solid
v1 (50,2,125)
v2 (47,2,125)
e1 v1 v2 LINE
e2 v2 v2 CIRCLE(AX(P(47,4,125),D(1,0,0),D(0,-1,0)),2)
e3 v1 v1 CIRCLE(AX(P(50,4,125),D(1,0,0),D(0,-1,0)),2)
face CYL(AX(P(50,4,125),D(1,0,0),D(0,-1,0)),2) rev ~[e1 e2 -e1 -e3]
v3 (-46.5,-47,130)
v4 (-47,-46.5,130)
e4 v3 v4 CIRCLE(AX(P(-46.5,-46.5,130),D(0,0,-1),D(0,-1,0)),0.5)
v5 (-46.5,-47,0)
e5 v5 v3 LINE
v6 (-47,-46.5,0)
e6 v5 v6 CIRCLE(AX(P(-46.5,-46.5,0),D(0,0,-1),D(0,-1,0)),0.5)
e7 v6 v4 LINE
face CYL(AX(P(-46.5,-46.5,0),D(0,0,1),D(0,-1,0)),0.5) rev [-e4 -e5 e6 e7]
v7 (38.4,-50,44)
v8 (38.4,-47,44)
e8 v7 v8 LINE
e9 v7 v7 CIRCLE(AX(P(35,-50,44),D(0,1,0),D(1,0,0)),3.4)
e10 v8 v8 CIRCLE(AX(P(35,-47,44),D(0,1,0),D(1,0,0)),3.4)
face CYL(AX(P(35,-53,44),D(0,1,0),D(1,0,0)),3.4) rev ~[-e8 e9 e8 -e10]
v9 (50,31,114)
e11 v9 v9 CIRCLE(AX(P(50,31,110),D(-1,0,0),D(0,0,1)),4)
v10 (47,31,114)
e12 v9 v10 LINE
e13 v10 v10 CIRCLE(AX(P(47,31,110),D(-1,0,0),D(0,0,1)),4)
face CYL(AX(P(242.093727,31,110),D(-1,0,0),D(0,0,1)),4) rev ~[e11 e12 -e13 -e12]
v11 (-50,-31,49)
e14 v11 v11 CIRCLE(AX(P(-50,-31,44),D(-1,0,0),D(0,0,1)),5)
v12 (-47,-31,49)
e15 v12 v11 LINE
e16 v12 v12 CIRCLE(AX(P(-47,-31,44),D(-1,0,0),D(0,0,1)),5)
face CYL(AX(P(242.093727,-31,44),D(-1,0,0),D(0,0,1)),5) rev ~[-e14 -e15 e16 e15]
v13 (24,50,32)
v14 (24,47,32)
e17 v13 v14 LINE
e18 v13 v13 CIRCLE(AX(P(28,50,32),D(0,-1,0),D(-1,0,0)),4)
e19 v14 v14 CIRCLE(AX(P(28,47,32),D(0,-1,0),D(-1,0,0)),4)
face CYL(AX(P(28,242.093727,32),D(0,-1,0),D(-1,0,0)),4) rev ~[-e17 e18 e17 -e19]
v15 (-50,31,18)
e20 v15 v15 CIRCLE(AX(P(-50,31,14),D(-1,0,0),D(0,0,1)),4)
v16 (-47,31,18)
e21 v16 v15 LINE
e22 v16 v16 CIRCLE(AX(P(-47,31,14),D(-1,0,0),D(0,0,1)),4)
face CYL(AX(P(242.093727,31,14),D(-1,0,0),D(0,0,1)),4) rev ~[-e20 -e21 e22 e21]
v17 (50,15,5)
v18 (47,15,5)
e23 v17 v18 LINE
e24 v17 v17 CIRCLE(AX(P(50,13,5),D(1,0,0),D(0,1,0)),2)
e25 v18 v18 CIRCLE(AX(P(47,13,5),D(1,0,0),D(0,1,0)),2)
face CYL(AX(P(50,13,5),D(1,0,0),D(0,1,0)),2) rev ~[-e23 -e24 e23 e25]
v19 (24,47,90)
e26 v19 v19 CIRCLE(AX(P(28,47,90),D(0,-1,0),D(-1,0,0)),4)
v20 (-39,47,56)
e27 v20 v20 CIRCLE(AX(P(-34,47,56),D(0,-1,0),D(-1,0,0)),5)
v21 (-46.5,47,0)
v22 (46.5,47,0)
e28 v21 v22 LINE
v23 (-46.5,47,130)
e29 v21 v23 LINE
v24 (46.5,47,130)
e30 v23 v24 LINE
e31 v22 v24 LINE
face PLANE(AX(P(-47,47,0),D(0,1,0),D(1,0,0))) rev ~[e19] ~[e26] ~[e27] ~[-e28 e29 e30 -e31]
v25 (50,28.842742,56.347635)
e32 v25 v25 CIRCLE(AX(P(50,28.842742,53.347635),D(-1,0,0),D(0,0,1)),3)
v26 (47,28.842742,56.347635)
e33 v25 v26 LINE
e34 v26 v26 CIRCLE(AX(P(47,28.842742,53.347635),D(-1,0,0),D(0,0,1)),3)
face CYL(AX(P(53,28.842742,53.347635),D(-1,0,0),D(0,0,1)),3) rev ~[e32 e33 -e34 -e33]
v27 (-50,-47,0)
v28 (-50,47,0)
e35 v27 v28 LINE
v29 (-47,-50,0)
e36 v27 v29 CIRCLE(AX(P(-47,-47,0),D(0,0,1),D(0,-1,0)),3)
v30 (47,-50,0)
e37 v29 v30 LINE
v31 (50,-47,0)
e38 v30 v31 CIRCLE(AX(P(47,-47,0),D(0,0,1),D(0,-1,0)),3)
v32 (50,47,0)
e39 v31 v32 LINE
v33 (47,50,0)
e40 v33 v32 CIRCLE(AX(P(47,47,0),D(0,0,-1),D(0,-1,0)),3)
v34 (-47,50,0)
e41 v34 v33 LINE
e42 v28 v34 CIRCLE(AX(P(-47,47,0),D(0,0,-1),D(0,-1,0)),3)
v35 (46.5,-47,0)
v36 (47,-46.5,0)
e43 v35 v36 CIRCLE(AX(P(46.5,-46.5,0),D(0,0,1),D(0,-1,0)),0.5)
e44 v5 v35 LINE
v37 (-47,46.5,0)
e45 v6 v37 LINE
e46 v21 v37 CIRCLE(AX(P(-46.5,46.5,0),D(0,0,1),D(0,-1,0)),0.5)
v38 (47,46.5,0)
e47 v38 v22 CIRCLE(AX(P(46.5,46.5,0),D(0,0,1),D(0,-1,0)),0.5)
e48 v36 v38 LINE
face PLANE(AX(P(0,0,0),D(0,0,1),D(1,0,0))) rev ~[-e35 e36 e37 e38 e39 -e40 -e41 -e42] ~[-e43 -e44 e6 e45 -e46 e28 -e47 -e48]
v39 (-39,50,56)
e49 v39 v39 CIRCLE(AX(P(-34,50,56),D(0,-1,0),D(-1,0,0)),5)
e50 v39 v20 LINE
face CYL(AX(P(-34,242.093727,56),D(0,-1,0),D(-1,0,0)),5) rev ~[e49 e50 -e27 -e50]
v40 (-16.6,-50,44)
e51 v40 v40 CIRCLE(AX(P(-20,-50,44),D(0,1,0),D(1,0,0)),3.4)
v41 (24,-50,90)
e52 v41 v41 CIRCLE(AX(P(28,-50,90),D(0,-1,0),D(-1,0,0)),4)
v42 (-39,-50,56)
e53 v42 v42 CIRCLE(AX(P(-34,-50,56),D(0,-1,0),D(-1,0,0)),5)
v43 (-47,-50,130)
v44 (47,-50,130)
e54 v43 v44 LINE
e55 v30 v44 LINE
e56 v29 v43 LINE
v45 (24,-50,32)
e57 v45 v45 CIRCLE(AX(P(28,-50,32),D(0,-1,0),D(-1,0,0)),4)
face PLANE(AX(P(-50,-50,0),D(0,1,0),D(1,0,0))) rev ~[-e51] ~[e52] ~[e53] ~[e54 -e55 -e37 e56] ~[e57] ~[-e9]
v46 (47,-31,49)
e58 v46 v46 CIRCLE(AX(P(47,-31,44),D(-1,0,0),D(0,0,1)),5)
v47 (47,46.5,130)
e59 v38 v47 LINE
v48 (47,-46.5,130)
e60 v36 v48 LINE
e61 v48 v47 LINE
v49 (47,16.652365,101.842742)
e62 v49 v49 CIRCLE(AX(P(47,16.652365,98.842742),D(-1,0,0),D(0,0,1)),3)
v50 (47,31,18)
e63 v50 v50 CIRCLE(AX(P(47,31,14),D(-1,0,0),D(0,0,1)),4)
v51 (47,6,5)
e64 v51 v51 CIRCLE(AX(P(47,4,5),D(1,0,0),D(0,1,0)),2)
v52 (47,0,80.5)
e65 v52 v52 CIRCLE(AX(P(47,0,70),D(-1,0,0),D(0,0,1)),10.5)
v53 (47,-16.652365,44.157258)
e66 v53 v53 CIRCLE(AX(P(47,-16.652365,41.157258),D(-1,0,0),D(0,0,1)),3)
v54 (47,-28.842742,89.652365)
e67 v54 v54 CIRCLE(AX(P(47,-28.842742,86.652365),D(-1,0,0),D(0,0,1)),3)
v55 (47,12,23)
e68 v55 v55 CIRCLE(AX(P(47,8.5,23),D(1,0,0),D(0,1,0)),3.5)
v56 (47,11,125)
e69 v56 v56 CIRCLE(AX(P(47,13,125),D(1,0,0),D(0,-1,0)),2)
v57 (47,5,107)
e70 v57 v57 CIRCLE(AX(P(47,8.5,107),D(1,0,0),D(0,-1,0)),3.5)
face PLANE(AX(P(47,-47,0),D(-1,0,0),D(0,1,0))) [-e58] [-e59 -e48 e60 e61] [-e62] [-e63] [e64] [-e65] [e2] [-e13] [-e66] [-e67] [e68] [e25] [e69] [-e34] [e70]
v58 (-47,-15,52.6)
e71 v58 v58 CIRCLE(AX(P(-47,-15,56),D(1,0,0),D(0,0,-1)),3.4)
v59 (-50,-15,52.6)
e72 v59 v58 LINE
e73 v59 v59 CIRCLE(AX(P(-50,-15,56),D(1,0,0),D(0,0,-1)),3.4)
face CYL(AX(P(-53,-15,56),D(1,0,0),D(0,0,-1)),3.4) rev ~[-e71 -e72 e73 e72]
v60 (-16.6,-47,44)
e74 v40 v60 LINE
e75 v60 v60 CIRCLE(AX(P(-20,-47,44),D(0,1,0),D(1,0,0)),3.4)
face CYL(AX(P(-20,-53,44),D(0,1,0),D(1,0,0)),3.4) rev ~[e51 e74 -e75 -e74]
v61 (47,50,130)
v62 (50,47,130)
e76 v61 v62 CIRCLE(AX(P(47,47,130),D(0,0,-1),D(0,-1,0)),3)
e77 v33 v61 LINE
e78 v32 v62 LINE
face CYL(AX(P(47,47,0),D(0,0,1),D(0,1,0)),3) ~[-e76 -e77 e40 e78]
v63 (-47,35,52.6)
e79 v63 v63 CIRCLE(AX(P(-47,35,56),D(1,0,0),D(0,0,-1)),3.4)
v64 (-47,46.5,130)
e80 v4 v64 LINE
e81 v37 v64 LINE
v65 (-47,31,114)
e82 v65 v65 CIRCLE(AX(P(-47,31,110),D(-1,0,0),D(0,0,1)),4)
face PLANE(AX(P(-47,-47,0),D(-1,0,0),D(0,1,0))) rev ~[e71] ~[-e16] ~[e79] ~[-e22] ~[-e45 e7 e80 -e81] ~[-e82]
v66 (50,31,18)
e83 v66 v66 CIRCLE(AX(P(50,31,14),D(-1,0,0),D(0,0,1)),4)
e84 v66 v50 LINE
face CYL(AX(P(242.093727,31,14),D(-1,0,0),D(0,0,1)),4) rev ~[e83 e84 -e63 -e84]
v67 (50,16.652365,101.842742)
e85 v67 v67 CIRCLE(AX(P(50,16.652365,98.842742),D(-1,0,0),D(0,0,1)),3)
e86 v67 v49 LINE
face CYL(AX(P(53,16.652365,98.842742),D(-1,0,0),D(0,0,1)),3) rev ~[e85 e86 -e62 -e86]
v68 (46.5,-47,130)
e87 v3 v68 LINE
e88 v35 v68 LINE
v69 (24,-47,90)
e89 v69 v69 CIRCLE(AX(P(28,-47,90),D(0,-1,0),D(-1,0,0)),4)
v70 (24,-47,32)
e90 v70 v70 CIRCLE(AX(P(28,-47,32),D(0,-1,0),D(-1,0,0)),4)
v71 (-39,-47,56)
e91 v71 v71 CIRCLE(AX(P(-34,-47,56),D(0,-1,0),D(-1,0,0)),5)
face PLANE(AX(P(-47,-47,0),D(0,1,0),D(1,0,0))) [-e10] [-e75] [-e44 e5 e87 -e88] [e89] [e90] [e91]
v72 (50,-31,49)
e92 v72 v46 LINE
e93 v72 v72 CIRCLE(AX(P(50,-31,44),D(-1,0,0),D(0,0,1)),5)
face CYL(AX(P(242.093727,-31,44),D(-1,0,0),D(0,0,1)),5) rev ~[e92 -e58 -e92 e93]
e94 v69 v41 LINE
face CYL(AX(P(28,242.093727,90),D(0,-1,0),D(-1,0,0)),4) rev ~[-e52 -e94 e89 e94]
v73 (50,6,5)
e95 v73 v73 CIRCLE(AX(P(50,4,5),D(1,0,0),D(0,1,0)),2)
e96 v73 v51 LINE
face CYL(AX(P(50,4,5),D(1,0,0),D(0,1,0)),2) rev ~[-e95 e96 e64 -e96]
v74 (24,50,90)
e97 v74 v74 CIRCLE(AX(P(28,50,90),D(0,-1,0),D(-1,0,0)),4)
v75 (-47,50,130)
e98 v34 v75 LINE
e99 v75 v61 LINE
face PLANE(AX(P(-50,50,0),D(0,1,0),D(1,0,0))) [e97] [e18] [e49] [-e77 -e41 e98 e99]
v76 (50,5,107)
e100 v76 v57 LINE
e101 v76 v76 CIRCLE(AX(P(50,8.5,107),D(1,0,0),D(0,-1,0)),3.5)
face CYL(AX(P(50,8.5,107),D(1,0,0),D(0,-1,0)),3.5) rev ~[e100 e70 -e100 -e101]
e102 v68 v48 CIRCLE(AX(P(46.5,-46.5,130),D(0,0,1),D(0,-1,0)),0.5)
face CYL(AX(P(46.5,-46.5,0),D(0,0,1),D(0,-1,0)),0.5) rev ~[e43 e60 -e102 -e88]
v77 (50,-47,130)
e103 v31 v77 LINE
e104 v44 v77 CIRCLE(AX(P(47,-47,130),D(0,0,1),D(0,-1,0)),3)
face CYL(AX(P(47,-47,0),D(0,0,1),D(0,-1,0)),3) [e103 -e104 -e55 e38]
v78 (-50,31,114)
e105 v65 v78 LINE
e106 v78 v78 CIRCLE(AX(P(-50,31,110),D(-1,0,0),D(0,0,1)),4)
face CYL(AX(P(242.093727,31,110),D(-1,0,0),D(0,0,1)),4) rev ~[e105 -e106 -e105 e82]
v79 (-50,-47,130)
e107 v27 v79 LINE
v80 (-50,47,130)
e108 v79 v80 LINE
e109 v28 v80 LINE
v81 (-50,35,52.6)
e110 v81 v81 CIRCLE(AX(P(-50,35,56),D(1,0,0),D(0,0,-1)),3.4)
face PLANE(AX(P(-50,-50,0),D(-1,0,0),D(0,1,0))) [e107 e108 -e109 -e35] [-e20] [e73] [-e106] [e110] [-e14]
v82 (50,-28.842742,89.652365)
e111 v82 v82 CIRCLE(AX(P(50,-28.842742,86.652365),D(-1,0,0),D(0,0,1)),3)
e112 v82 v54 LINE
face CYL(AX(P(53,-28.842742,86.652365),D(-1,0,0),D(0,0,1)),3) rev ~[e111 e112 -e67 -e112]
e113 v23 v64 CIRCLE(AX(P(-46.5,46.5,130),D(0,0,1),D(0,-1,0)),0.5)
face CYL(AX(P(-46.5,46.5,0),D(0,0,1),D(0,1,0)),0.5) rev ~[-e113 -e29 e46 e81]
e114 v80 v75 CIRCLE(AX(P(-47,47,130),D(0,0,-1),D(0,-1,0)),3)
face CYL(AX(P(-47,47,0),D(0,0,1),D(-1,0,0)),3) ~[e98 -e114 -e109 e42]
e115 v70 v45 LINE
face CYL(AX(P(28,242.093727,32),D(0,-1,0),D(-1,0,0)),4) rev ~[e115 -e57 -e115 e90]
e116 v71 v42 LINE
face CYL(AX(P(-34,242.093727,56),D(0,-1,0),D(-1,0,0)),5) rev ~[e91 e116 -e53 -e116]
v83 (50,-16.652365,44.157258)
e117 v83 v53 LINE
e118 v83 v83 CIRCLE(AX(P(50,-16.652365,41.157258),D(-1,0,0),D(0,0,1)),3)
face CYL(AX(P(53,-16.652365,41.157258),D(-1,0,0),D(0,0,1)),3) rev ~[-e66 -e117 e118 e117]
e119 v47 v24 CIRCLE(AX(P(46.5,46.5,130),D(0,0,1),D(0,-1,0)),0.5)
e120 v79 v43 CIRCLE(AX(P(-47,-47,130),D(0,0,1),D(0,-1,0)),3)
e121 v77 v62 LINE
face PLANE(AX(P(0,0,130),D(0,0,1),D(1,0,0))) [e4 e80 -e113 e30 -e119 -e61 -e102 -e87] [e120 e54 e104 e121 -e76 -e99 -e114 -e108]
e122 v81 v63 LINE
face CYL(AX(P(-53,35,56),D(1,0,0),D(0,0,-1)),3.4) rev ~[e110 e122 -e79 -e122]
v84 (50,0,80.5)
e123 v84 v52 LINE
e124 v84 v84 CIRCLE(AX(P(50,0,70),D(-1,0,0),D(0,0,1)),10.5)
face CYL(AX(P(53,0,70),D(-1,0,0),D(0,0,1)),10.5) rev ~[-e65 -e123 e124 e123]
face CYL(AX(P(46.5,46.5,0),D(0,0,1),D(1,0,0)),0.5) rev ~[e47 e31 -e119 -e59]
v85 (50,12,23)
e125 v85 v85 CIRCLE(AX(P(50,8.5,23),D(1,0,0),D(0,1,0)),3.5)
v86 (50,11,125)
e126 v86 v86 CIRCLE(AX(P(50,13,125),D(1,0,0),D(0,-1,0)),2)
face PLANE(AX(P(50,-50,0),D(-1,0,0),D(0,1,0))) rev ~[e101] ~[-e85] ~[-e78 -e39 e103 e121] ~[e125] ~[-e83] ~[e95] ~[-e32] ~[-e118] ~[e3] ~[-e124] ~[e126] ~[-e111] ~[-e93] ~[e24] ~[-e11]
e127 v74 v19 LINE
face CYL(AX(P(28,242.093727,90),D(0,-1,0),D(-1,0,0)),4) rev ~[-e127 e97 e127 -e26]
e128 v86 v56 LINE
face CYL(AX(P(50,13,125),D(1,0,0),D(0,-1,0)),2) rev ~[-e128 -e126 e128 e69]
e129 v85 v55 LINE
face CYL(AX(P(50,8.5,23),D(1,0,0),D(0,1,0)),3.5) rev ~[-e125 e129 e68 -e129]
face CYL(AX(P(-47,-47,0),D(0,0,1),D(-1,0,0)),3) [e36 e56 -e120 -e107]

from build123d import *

# Parameters (mm, degrees)
SKETCH1_W                      = 100
SKETCH1_H                      = 100
SKETCH1_W_2                    = 94
SKETCH1_H_2                    = 94
EXTRUDE_THIN1_DEPTH            = 130
FILLET1_R                      = 0.5
FILLET2_R                      = 3
F_8_0_8_DIAMETER_HOLE2_D       = 8
F_8_0_8_DIAMETER_HOLE3_D       = 8
F_10_0_10_DIAMETER_HOLE1_D     = 10
F_10_0_10_DIAMETER_HOLE2_D     = 10
M8X1_25_TAPPED_HOLE1_D         = 6.8
M8X1_25_TAPPED_HOLE1_DEPTH     = 3
M8X1_25_TAPPED_HOLE2_D         = 6.8
M8X1_25_TAPPED_HOLE2_DEPTH     = 3
F_21_0_21_DIAMETER_HOLE1_D     = 21
F_21_0_21_DIAMETER_HOLE1_DEPTH = 3
F_6_0_6_DIAMETER_HOLE1_D       = 6
F_6_0_6_DIAMETER_HOLE1_DEPTH   = 3
CUT_EXTRUDE1_REACH             = 173.464
SKETCH27_R                     = 2
SKETCH27_R_2                   = 3.5


with BuildPart() as part:
    # Sketch1 → Extrude-Thin1 (new body)
    with BuildSketch(Plane.XY):
        Rectangle(SKETCH1_W, SKETCH1_H)
        Rectangle(SKETCH1_W_2, SKETCH1_H_2, mode=Mode.SUBTRACT)
    extrude(amount=EXTRUDE_THIN1_DEPTH)

    # Fillet1
    fillet1_edges = [part.edges().sort_by_distance(p)[0] for p in [
        (47, -47, 65),
        (47, 47, 65),
        (-47, 47, 65),
        (-47, -47, 65),
    ]]
    fillet(fillet1_edges, radius=FILLET1_R)

    # Fillet2
    fillet2_edges = [part.edges().sort_by_distance(p)[0] for p in [
        (50, -50, 65),
        (-50, -50, 65),
        (-50, 50, 65),
        (50, 50, 65),
    ]]
    fillet(fillet2_edges, radius=FILLET2_R)

    # Ø8.0 (8) Diameter Hole2 (through all)
    with Locations(Plane(origin=(0, 50, 0), x_dir=(1, 0, 0), z_dir=(0, 1, 0))):
        with Locations((28, -32), (28, -90)):
            Hole(F_8_0_8_DIAMETER_HOLE2_D / 2)

    # Ø8.0 (8) Diameter Hole3 (through all)
    with Locations(Plane(origin=(50, 0, 0), x_dir=(0, 0, -1), z_dir=(1, 0, 0))):
        with Locations((-14, 31), (-110, 31)):
            Hole(F_8_0_8_DIAMETER_HOLE3_D / 2)

    # Ø10.0 (10) Diameter Hole1 (through all)
    with Locations(Plane(origin=(0, 50, 0), x_dir=(1, 0, 0), z_dir=(0, 1, 0))):
        with Locations((-34, -56)):
            Hole(F_10_0_10_DIAMETER_HOLE1_D / 2)

    # Ø10.0 (10) Diameter Hole2 (through all)
    with Locations(Plane(origin=(50, 0, 0), x_dir=(0, 0, -1), z_dir=(1, 0, 0))):
        with Locations((-44, -31)):
            Hole(F_10_0_10_DIAMETER_HOLE2_D / 2)

    # M8x1.25 Tapped Hole1
    with Locations(Plane.ZY.offset(50)):
        with Locations((56, -15), (56, 35)):
            Hole(M8X1_25_TAPPED_HOLE1_D / 2, depth=M8X1_25_TAPPED_HOLE1_DEPTH)

    # M8x1.25 Tapped Hole2
    with Locations(Plane(origin=(0, -50, 0), x_dir=(-1, 0, 0), z_dir=(0, -1, 0))):
        with Locations((20, -44), (-35, -44)):
            Hole(M8X1_25_TAPPED_HOLE2_D / 2, depth=M8X1_25_TAPPED_HOLE2_DEPTH)

    # Ø21.0 (21) Diameter Hole1
    with Locations(Plane(origin=(50, 0, 0), x_dir=(0, 0, -1), z_dir=(1, 0, 0))):
        with Locations((-70, 0)):
            Hole(F_21_0_21_DIAMETER_HOLE1_D / 2, depth=F_21_0_21_DIAMETER_HOLE1_DEPTH)

    # Ø6.0 (6) Diameter Hole1
    with Locations(Plane(origin=(50, 0, 0), x_dir=(0, 0, -1), z_dir=(1, 0, 0))):
        with Locations((-41.157258279, -16.652364697), (-53.347635303, 28.842741721), (-98.842741721, 16.652364697), (-86.652364697, -28.842741721)):
            Hole(F_6_0_6_DIAMETER_HOLE1_D / 2, depth=F_6_0_6_DIAMETER_HOLE1_DEPTH)

    # Sketch27 → Cut-Extrude1 (cut, up to next)
    with BuildSketch(Plane(origin=(50, 0, 0), x_dir=(0, 0, -1), z_dir=(1, 0, 0)), mode=Mode.PRIVATE) as cut_extrude1_sk1:
        with Locations(Location((-5, 13, 0), (0, 0, 90))):
            Circle(SKETCH27_R)
    cut_extrude1_tool1 = extrude(cut_extrude1_sk1.sketch, amount=-CUT_EXTRUDE1_REACH, mode=Mode.PRIVATE) & part.part
    # Sketch27 → Cut-Extrude1 (cut, up to next)
    with BuildSketch(Plane(origin=(50, 0, 0), x_dir=(0, 0, -1), z_dir=(1, 0, 0)), mode=Mode.PRIVATE) as cut_extrude1_sk2:
        with Locations(Location((-5, 4, 0), (0, 0, 90))):
            Circle(SKETCH27_R)
    cut_extrude1_tool2 = extrude(cut_extrude1_sk2.sketch, amount=-CUT_EXTRUDE1_REACH, mode=Mode.PRIVATE) & part.part
    # Sketch27 → Cut-Extrude1 (cut, up to next)
    with BuildSketch(Plane(origin=(50, 0, 0), x_dir=(0, 0, -1), z_dir=(1, 0, 0)), mode=Mode.PRIVATE) as cut_extrude1_sk3:
        with Locations(Location((-23, 8.5, 0), (0, 0, 90))):
            Circle(SKETCH27_R_2)
    cut_extrude1_tool3 = extrude(cut_extrude1_sk3.sketch, amount=-CUT_EXTRUDE1_REACH, mode=Mode.PRIVATE) & part.part
    # Sketch27 → Cut-Extrude1 (cut, up to next)
    with BuildSketch(Plane(origin=(50, 0, 0), x_dir=(0, 0, -1), z_dir=(1, 0, 0)), mode=Mode.PRIVATE) as cut_extrude1_sk4:
        with Locations(Location((-107, 8.5, 0), (0, 0, 270))):
            Circle(SKETCH27_R_2)
    cut_extrude1_tool4 = extrude(cut_extrude1_sk4.sketch, amount=-CUT_EXTRUDE1_REACH, mode=Mode.PRIVATE) & part.part
    # Sketch27 → Cut-Extrude1 (cut, up to next)
    with BuildSketch(Plane(origin=(50, 0, 0), x_dir=(0, 0, -1), z_dir=(1, 0, 0)), mode=Mode.PRIVATE) as cut_extrude1_sk5:
        with Locations(Location((-125, 4, 0), (0, 0, 270))):
            Circle(SKETCH27_R)
    cut_extrude1_tool5 = extrude(cut_extrude1_sk5.sketch, amount=-CUT_EXTRUDE1_REACH, mode=Mode.PRIVATE) & part.part
    # Sketch27 → Cut-Extrude1 (cut, up to next)
    with BuildSketch(Plane(origin=(50, 0, 0), x_dir=(0, 0, -1), z_dir=(1, 0, 0)), mode=Mode.PRIVATE) as cut_extrude1_sk6:
        with Locations(Location((-125, 13, 0), (0, 0, 270))):
            Circle(SKETCH27_R)
    cut_extrude1_tool6 = extrude(cut_extrude1_sk6.sketch, amount=-CUT_EXTRUDE1_REACH, mode=Mode.PRIVATE) & part.part
    add(cut_extrude1_tool1.solids().sort_by_distance((50, 13, 5))[0], mode=Mode.SUBTRACT)
    add(cut_extrude1_tool2.solids().sort_by_distance((50, 4, 5))[0], mode=Mode.SUBTRACT)
    add(cut_extrude1_tool3.solids().sort_by_distance((50, 8.5, 23))[0], mode=Mode.SUBTRACT)
    add(cut_extrude1_tool4.solids().sort_by_distance((50, 8.5, 107))[0], mode=Mode.SUBTRACT)
    add(cut_extrude1_tool5.solids().sort_by_distance((50, 4, 125))[0], mode=Mode.SUBTRACT)
    add(cut_extrude1_tool6.solids().sort_by_distance((50, 13, 125))[0], mode=Mode.SUBTRACT)


solid = part.part
